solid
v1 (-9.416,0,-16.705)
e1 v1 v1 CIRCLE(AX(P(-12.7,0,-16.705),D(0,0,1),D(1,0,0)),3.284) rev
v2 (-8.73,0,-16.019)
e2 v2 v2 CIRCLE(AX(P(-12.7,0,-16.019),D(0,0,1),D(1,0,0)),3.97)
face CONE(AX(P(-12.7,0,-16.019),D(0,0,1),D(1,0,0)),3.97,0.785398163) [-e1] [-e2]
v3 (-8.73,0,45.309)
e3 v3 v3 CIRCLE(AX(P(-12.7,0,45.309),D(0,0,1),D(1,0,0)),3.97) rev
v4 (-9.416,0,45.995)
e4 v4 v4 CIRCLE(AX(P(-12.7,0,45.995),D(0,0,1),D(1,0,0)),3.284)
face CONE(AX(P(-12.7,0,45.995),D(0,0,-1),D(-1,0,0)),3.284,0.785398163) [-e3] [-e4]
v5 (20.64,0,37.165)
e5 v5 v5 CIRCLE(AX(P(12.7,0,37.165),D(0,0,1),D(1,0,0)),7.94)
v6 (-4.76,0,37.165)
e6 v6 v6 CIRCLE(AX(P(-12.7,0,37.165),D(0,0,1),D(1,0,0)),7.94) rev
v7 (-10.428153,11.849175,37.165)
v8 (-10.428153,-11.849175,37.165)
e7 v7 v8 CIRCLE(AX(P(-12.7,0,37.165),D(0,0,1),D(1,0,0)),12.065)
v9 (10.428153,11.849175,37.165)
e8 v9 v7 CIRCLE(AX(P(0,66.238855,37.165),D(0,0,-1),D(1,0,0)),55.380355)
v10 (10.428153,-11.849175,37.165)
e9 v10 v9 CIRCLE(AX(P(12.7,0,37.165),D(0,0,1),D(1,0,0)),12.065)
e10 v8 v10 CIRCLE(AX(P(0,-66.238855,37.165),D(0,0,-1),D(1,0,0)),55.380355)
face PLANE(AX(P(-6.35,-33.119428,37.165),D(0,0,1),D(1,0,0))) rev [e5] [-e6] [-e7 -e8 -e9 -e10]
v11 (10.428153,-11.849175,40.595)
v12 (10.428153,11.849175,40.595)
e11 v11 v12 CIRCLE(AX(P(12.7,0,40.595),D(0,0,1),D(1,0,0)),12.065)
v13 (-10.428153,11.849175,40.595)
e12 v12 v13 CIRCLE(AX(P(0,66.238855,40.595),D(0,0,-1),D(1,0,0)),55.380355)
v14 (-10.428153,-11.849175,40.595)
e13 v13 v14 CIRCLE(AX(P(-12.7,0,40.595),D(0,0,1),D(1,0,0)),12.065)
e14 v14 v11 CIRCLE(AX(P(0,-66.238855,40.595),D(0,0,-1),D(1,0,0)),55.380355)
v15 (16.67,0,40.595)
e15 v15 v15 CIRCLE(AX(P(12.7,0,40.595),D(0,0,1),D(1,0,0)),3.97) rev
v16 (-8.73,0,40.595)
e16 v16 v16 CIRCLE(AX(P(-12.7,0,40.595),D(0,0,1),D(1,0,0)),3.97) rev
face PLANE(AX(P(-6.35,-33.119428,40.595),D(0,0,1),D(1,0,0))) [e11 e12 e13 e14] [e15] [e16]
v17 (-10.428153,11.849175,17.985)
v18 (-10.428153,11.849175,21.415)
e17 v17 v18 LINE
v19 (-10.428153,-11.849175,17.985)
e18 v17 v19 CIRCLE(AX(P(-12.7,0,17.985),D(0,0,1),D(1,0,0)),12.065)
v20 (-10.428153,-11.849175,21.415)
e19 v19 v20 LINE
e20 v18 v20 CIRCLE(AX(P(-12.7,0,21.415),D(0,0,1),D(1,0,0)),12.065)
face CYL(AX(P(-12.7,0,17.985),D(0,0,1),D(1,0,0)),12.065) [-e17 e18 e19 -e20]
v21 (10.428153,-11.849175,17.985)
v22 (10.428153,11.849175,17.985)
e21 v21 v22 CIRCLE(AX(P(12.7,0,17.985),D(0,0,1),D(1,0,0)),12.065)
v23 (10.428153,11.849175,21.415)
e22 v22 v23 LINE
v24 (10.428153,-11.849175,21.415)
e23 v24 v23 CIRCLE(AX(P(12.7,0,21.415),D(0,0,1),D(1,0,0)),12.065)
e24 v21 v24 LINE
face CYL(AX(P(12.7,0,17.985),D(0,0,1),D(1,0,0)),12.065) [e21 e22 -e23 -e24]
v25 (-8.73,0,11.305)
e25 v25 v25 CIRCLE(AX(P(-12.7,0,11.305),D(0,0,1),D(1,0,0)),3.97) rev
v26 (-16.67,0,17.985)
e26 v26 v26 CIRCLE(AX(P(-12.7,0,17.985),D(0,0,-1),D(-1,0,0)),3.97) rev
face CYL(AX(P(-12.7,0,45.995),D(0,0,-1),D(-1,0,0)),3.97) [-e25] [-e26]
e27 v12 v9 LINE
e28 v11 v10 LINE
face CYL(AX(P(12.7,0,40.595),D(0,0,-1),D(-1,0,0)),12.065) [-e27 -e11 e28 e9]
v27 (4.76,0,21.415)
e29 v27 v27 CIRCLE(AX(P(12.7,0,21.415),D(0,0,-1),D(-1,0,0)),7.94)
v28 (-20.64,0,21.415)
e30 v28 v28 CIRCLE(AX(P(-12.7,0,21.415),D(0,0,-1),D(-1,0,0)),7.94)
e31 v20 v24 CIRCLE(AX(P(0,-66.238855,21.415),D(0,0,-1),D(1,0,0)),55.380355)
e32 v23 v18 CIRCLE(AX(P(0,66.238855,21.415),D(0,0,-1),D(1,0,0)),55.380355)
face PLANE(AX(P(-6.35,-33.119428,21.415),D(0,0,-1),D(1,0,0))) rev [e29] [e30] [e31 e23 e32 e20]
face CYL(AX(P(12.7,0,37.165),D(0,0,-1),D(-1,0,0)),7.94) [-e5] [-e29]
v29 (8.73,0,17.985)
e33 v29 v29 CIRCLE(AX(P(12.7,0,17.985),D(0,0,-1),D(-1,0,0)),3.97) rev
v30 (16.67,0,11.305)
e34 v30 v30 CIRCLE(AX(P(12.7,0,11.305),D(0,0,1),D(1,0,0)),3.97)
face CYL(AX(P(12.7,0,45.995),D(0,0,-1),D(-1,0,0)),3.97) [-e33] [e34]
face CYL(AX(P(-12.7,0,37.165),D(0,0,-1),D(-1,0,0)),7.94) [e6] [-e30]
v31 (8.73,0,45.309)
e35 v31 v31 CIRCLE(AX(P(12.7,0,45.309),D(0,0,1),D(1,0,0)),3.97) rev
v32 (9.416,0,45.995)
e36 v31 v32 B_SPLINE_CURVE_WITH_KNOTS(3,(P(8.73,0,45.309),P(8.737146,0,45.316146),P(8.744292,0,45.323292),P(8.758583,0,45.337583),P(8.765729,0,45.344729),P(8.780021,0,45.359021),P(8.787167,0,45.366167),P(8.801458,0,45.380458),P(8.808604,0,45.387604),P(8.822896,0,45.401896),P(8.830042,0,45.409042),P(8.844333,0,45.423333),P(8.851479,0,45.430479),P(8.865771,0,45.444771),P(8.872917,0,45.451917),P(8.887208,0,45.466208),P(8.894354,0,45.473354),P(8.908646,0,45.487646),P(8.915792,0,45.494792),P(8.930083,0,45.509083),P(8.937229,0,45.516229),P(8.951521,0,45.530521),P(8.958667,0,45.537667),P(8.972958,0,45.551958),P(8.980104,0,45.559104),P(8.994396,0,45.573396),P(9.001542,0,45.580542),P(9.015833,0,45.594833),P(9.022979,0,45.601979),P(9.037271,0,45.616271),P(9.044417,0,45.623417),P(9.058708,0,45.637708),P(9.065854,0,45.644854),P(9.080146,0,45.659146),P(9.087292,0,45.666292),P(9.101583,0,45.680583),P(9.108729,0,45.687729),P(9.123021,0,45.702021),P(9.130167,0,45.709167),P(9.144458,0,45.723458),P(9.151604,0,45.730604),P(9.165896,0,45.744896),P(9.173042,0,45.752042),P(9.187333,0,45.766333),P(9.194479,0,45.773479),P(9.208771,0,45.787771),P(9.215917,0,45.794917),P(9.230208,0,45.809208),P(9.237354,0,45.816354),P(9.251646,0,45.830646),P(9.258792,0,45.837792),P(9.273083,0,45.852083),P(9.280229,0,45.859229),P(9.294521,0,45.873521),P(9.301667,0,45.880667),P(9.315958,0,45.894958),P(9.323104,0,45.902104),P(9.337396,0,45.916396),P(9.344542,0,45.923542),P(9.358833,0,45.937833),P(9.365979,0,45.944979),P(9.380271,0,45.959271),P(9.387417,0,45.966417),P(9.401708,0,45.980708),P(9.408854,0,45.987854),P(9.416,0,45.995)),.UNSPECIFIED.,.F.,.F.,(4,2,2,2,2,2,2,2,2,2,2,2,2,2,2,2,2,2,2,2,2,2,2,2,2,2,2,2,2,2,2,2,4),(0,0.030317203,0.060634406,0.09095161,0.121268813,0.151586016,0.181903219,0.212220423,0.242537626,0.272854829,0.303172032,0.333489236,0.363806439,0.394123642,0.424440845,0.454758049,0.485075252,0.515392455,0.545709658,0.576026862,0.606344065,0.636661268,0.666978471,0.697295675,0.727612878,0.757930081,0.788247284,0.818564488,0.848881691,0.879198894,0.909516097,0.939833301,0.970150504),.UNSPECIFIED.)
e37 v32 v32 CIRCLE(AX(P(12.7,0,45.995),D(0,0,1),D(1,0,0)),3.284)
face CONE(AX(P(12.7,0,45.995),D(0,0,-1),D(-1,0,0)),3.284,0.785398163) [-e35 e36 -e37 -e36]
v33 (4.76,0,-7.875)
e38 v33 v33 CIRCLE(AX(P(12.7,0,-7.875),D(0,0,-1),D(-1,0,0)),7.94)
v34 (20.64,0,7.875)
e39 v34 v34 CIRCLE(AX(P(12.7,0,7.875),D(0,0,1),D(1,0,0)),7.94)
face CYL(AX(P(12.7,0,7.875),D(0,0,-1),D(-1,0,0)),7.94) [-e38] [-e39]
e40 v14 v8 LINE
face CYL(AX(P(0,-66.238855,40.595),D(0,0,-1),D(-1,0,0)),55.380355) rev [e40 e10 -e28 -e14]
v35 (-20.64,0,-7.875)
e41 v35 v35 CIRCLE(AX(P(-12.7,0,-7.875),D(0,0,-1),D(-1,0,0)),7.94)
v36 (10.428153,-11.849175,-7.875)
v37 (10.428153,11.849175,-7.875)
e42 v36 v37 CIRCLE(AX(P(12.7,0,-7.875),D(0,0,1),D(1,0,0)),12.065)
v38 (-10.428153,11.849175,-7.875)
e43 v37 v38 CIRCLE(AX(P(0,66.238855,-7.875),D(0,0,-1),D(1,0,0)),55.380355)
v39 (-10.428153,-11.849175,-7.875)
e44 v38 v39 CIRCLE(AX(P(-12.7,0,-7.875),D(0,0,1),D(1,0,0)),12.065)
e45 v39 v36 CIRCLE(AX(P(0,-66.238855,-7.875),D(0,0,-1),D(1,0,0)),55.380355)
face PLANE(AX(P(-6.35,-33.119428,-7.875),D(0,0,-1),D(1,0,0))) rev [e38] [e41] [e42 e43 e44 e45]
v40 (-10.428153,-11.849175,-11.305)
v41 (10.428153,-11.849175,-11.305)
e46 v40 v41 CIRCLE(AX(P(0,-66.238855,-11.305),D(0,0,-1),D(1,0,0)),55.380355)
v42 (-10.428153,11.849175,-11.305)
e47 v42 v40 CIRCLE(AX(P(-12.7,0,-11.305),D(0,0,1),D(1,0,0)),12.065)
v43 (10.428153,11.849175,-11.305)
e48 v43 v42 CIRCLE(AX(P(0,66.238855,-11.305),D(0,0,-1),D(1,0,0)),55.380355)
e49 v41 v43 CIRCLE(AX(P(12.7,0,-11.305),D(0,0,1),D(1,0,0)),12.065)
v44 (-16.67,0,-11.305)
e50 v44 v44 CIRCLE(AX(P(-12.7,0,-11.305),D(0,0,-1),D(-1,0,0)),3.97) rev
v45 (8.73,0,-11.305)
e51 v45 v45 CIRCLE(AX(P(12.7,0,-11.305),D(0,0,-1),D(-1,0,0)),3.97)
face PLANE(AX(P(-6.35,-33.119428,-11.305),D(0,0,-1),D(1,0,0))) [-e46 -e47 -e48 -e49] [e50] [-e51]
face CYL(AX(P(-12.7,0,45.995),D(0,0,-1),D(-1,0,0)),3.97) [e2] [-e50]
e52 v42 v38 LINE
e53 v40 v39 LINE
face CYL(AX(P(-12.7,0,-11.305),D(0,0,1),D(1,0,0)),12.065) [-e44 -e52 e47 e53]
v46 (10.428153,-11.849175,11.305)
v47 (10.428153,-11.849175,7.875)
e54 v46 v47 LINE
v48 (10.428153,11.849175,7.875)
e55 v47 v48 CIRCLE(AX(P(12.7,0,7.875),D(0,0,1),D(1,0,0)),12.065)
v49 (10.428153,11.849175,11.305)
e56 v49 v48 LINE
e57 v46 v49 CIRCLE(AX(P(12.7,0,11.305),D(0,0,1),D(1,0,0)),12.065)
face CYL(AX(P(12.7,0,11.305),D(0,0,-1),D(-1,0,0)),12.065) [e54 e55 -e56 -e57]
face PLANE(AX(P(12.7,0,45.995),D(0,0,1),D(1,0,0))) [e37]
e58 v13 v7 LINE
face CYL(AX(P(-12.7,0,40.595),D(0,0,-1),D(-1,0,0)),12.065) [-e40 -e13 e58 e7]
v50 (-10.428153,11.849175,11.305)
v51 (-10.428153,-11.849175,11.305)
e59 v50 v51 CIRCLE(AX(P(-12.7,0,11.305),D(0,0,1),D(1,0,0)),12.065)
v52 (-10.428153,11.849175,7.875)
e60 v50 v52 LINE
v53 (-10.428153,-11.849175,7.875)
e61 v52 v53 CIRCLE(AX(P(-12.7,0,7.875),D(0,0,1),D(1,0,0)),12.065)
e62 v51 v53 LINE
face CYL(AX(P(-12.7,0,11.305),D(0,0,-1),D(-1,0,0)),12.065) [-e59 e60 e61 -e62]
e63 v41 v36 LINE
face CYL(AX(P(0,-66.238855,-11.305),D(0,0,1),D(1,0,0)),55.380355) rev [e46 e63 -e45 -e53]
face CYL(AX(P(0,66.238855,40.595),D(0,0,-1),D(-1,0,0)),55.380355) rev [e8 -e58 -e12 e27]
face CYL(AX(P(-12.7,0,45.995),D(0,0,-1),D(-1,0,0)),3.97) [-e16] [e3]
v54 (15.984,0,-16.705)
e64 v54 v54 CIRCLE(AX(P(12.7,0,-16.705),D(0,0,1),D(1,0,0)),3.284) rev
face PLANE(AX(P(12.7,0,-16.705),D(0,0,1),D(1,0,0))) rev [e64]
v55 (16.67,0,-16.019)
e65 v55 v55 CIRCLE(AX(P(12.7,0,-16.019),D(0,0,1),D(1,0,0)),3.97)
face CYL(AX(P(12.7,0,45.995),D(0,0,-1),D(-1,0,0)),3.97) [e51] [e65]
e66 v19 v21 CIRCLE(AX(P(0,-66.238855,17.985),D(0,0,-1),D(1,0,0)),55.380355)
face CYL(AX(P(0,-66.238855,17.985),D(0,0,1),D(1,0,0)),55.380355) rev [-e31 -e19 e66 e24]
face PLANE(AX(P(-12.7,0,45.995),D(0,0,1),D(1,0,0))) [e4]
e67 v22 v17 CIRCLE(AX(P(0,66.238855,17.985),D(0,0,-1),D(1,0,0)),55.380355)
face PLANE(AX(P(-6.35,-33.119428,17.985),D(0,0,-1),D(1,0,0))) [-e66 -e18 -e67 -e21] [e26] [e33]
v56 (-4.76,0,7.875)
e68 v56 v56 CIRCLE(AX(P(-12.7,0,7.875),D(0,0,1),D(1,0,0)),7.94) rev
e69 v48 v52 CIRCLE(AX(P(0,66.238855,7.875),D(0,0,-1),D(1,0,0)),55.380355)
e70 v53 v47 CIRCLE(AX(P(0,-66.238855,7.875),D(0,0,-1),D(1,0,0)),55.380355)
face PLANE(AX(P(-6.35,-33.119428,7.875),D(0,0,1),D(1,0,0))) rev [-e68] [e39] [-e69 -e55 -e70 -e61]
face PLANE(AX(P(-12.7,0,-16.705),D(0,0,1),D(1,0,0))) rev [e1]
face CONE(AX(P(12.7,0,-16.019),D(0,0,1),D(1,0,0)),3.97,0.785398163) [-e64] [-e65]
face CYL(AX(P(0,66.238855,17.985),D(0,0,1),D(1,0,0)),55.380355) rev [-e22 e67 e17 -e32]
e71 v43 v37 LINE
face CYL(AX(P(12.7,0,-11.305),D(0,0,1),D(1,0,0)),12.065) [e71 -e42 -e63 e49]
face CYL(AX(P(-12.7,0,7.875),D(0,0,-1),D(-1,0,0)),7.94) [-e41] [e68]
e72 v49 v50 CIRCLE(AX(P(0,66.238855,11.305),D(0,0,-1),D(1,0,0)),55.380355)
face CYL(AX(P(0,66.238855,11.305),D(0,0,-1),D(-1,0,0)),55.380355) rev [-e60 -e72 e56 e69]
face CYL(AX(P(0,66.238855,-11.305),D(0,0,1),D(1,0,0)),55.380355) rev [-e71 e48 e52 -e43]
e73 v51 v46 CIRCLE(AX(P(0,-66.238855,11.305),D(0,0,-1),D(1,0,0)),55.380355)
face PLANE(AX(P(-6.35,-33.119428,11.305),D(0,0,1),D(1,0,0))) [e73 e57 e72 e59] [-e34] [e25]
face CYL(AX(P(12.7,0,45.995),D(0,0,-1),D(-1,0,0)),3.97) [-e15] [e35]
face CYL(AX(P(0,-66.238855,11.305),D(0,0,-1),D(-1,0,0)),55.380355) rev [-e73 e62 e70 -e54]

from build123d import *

# Parameters (mm, degrees)
SKETCH_2_R             = 7.94
EXTRUDE_1_DEPTH        = 7.875
EXTRUDE_1_2_DEPTH      = 7.875
EXTRUDE_2_DEPTH        = 3.43
PATTERN_LINEAR_1_COUNT = 2
PATTERN_LINEAR_1_PITCH = 29.29
EXTRUDE_3_DEPTH        = 45.995
EXTRUDE_3_DEPTH_BACK   = 16.705
SKETCH_4_R             = 3.97
CHAMFER_1_SIZE         = 0.686


with BuildPart() as part:
    # 草图2 → 拉伸1 (new, symmetric)
    with BuildSketch(Plane.XY):
        with Locations((12.7, 0)):
            Circle(SKETCH_2_R)
    extrude(amount=EXTRUDE_1_DEPTH, both=True)



with BuildPart() as body_2:
    # 草图2 → Extrude 1 2 (new, symmetric)
    with BuildSketch(Plane.XY):
        with Locations((-12.7, 0)):
            Circle(SKETCH_2_R)
    extrude(amount=EXTRUDE_1_2_DEPTH, both=True)


with BuildPart() as part_1:
    add(part.part)

    add(body_2.part)  # 拉伸2 merges body 2
    # 草图3 → 拉伸2 (add)
    with BuildSketch(Plane.XY.offset(7.875)):
        with BuildLine():
            ThreePointArc((-10.428153415, 11.849174574), (-24.765, 0), (-10.428153415, -11.849174574))
            ThreePointArc((-10.428153415, -11.849174574), (0, -10.8585), (10.428153415, -11.849174574))
            ThreePointArc((10.428153415, -11.849174574), (24.765, 0), (10.428153415, 11.849174574))
            ThreePointArc((10.428153415, 11.849174574), (0, 10.8585), (-10.428153415, 11.849174574))
        make_face()
    extrude_2 = extrude(amount=EXTRUDE_2_DEPTH)

    # 镜向1: 拉伸2 across plane
    add(extrude_2.mirror(Plane.XY))


with BuildPart() as pattern_linear_1_1:
    # 阵列(线性)1: pattern copy
    add(part_1.part.moved(Location(Vector(0, 0, 1) * (1 * PATTERN_LINEAR_1_PITCH))))


with BuildPart() as part_2:
    add(part_1.part)

    add(pattern_linear_1_1.part)  # 拉伸3 merges 阵列(线性)1_1
    # 草图4 → 拉伸3 (add, two sides: drawn at the far end of the back side and taken through both)
    with BuildSketch(Plane.XY.offset(-EXTRUDE_3_DEPTH_BACK)):
        with Locations(Location((12.7, 0, 0), (0, 0, 180))):
            Circle(SKETCH_4_R)
        with Locations(Location((-12.7, 0, 0), (0, 0, 180))):
            Circle(SKETCH_4_R)
    extrude(amount=EXTRUDE_3_DEPTH + EXTRUDE_3_DEPTH_BACK)

    # 倒角1
    chamfer_1_edges = [part_2.edges().sort_by_distance(p)[0] for p in [
        (16.67, 0, -16.705),
        (16.67, 0, 45.995),
        (-8.73, 0, -16.705),
        (-8.73, 0, 45.995),
    ]]
    chamfer(chamfer_1_edges, length=CHAMFER_1_SIZE)


solid = part_2.part
